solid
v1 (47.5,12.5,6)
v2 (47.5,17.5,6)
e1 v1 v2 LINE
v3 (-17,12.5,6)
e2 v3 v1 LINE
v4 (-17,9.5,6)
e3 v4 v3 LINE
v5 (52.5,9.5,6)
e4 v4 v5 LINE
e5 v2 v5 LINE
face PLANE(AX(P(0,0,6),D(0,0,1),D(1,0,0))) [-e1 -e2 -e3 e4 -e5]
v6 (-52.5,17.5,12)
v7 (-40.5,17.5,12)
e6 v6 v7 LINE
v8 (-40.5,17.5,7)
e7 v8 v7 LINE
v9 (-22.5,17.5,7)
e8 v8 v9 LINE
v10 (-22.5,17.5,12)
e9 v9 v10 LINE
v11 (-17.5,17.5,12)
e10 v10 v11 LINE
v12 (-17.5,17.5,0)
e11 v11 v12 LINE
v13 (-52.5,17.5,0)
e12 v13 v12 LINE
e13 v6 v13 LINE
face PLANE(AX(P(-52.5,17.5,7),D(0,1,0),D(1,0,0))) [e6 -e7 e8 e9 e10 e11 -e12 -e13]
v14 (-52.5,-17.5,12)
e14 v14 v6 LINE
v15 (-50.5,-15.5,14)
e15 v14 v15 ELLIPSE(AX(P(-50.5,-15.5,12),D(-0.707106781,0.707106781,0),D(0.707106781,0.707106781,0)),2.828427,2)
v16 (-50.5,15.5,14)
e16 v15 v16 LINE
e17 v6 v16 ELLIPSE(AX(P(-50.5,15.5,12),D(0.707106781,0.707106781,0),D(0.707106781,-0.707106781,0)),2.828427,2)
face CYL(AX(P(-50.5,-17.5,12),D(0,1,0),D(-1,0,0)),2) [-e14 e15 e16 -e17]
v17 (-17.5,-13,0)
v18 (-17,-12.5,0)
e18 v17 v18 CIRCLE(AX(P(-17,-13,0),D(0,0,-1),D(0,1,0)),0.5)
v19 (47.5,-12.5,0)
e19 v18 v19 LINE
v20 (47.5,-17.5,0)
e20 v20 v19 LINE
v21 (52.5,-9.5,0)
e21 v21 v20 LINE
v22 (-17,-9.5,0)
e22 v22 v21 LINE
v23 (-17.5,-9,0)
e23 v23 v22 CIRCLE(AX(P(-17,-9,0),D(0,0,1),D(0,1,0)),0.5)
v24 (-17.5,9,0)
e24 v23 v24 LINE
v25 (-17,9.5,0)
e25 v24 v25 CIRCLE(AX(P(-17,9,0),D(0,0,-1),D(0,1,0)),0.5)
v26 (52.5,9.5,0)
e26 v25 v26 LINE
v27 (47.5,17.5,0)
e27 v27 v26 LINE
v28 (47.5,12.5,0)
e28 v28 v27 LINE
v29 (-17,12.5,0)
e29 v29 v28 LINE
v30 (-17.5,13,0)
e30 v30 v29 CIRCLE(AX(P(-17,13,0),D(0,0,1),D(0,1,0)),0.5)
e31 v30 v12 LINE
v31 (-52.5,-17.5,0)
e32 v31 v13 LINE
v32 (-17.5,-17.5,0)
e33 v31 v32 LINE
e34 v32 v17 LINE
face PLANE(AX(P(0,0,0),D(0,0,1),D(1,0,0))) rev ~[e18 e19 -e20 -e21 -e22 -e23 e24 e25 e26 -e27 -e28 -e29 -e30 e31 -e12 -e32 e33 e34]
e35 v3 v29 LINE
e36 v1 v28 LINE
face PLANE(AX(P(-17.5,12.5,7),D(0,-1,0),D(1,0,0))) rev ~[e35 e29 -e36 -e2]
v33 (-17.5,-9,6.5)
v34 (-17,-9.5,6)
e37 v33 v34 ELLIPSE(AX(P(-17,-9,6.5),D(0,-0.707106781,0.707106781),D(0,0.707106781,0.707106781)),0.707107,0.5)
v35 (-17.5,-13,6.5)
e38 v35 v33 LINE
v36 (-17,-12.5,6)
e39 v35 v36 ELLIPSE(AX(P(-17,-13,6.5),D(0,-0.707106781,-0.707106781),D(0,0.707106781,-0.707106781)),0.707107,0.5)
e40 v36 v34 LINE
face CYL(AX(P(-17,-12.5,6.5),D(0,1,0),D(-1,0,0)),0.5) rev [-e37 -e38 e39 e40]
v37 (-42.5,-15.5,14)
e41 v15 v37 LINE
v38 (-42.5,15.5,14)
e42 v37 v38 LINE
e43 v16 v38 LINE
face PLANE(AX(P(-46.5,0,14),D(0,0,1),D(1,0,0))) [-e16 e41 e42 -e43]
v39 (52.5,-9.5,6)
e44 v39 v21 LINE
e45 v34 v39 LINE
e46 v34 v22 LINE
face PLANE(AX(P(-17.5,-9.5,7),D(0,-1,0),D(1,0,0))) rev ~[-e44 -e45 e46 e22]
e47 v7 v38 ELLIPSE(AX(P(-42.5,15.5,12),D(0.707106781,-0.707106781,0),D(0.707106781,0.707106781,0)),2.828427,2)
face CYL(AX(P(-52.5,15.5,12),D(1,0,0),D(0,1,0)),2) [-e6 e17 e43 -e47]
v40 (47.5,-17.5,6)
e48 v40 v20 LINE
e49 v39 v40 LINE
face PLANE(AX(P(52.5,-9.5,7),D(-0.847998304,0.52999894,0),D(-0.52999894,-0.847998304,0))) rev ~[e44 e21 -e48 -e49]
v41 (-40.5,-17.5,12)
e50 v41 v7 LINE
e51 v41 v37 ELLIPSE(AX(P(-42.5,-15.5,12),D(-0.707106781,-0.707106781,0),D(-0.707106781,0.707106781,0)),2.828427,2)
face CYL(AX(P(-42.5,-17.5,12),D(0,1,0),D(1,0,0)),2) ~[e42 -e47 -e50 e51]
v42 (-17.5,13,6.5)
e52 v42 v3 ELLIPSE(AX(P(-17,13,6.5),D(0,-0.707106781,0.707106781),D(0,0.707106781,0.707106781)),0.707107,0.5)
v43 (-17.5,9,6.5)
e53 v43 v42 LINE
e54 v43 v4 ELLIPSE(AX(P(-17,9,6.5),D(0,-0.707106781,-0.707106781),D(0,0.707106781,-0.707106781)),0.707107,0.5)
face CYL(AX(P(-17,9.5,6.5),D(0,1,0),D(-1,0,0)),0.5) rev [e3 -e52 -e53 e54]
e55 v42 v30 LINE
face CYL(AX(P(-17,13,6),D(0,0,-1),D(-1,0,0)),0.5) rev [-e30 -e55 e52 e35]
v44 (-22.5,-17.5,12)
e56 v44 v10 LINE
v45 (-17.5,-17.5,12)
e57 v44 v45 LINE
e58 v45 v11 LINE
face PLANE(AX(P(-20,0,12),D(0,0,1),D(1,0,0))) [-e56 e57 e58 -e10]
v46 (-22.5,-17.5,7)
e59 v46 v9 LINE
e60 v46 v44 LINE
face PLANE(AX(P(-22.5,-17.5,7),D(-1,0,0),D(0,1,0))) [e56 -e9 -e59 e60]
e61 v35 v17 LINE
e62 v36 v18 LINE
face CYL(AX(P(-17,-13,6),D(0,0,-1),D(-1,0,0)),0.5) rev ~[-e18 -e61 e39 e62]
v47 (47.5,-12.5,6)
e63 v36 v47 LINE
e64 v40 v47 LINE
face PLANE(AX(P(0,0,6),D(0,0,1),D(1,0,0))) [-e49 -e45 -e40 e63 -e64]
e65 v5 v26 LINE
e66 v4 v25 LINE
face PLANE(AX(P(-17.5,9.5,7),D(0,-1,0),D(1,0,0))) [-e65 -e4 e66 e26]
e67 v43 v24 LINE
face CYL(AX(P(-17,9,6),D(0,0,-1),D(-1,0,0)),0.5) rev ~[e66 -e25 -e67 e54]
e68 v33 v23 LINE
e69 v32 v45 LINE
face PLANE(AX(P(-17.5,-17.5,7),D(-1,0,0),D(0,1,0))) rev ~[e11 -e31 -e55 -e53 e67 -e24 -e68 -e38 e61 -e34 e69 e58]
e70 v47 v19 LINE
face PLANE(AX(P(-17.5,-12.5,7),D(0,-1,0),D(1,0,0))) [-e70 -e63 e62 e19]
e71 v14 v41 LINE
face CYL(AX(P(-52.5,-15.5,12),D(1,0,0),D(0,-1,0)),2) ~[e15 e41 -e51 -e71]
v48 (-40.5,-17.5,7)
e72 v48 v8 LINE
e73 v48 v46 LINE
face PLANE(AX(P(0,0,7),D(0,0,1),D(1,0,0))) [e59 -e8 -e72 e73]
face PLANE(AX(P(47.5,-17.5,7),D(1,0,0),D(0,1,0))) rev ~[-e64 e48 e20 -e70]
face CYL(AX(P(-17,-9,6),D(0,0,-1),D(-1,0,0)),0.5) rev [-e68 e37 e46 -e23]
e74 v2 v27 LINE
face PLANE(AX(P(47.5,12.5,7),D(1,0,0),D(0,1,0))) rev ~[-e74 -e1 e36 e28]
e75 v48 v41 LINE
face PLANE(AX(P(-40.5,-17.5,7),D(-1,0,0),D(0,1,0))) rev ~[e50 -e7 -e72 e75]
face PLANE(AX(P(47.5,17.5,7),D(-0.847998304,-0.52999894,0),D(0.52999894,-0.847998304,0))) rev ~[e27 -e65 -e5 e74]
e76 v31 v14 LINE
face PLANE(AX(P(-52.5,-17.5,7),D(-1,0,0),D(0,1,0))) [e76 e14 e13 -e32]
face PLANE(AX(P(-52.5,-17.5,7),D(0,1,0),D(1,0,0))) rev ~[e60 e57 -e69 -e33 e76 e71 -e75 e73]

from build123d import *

# Parameters (mm, degrees)
F0_W      = 105
F0_H      = 35
F1_DEPTH  = 7
F2_W      = 70
F2_H      = 19
F3_DEPTH  = 7.001
F5_DEPTH  = 7.001
F7_DEPTH  = 7.001
F8_W      = 65
F8_H      = 5
F9_DEPTH  = 7.001
F10_W     = 65
F10_H     = 5
F11_DEPTH = 7.001
F12_W     = 5
F12_H     = 35
F13_DEPTH = 5
F14_W     = 12
F14_H     = 35
F15_DEPTH = 7
F16_R     = 2
F17_DEPTH = 1
F18_R     = 0.5


with BuildPart() as f1:
    # F0 (on Top) → F1 (new body)
    with BuildSketch(Plane.XY):
        Rectangle(F0_W, F0_H)
    extrude(amount=F1_DEPTH)

    # F2 (on face) → F3 (cut, through all)
    with BuildSketch(Plane.XY.offset(7)):
        with Locations((17.5, 0)):
            Rectangle(F2_W, F2_H)
    extrude(amount=-F3_DEPTH, mode=Mode.SUBTRACT)

    # F4 (on face) → F5 (cut, through all)
    with BuildSketch(Plane.XY.offset(7)):
        Polygon((52.5, 17.5), (47.5, 17.5), (52.5, 9.5), align=None)
    extrude(amount=-F5_DEPTH, mode=Mode.SUBTRACT)

    # F6 (on face) → F7 (cut, through all)
    with BuildSketch(Plane.XY.offset(7)):
        Polygon((52.5, -9.5), (47.5, -17.5), (52.5, -17.5), align=None)
    extrude(amount=-F7_DEPTH, mode=Mode.SUBTRACT)

    # F8 (on face) → F9 (cut, through all)
    with BuildSketch(Plane.XY.offset(7)):
        with Locations((15, 15)):
            Rectangle(F8_W, F8_H)
    extrude(amount=-F9_DEPTH, mode=Mode.SUBTRACT)

    # F10 (on face) → F11 (cut, through all)
    with BuildSketch(Plane.XY.offset(7)):
        with Locations((15, -15)):
            Rectangle(F10_W, F10_H)
    extrude(amount=-F11_DEPTH, mode=Mode.SUBTRACT)

    # F12 (on face) → F13 (join)
    with BuildSketch(Plane.XY.offset(7)):
        with Locations((-20, 0)):
            Rectangle(F12_W, F12_H)
    extrude(amount=F13_DEPTH)

    # F14 (on face) → F15 (join)
    with BuildSketch(Plane.XY.offset(7)):
        with Locations((-46.5, 0)):
            Rectangle(F14_W, F14_H)
    extrude(amount=F15_DEPTH)

    # F16
    f16_edges = [f1.edges().sort_by_distance(p)[0] for p in [
        (-40.5, 0, 14),
        (-46.5, 17.5, 14),
        (-46.5, -17.5, 14),
        (-52.5, 0, 14),
    ]]
    fillet(f16_edges, radius=F16_R)

    # F17 (cut): faces of the model
    f17_faces = [f1.faces().sort_by_distance(p)[0] for p in [
        (18.1782945736, -11.1085271318, 7),
        (18.1782945736, 11.1085271318, 7),
    ]]
    extrude(f17_faces, amount=-F17_DEPTH, mode=Mode.SUBTRACT)

    # F18
    f18_edges = [f1.edges().sort_by_distance(p)[0] for p in [
        (-17.5, -12.5, 3),
        (-17.5, -11, 6),
        (-17.5, 9.5, 3),
        (-17.5, 11, 6),
        (-17.5, -9.5, 3),
        (-17.5, 12.5, 3),
    ]]
    fillet(f18_edges, radius=F18_R)


solid = f1.part
